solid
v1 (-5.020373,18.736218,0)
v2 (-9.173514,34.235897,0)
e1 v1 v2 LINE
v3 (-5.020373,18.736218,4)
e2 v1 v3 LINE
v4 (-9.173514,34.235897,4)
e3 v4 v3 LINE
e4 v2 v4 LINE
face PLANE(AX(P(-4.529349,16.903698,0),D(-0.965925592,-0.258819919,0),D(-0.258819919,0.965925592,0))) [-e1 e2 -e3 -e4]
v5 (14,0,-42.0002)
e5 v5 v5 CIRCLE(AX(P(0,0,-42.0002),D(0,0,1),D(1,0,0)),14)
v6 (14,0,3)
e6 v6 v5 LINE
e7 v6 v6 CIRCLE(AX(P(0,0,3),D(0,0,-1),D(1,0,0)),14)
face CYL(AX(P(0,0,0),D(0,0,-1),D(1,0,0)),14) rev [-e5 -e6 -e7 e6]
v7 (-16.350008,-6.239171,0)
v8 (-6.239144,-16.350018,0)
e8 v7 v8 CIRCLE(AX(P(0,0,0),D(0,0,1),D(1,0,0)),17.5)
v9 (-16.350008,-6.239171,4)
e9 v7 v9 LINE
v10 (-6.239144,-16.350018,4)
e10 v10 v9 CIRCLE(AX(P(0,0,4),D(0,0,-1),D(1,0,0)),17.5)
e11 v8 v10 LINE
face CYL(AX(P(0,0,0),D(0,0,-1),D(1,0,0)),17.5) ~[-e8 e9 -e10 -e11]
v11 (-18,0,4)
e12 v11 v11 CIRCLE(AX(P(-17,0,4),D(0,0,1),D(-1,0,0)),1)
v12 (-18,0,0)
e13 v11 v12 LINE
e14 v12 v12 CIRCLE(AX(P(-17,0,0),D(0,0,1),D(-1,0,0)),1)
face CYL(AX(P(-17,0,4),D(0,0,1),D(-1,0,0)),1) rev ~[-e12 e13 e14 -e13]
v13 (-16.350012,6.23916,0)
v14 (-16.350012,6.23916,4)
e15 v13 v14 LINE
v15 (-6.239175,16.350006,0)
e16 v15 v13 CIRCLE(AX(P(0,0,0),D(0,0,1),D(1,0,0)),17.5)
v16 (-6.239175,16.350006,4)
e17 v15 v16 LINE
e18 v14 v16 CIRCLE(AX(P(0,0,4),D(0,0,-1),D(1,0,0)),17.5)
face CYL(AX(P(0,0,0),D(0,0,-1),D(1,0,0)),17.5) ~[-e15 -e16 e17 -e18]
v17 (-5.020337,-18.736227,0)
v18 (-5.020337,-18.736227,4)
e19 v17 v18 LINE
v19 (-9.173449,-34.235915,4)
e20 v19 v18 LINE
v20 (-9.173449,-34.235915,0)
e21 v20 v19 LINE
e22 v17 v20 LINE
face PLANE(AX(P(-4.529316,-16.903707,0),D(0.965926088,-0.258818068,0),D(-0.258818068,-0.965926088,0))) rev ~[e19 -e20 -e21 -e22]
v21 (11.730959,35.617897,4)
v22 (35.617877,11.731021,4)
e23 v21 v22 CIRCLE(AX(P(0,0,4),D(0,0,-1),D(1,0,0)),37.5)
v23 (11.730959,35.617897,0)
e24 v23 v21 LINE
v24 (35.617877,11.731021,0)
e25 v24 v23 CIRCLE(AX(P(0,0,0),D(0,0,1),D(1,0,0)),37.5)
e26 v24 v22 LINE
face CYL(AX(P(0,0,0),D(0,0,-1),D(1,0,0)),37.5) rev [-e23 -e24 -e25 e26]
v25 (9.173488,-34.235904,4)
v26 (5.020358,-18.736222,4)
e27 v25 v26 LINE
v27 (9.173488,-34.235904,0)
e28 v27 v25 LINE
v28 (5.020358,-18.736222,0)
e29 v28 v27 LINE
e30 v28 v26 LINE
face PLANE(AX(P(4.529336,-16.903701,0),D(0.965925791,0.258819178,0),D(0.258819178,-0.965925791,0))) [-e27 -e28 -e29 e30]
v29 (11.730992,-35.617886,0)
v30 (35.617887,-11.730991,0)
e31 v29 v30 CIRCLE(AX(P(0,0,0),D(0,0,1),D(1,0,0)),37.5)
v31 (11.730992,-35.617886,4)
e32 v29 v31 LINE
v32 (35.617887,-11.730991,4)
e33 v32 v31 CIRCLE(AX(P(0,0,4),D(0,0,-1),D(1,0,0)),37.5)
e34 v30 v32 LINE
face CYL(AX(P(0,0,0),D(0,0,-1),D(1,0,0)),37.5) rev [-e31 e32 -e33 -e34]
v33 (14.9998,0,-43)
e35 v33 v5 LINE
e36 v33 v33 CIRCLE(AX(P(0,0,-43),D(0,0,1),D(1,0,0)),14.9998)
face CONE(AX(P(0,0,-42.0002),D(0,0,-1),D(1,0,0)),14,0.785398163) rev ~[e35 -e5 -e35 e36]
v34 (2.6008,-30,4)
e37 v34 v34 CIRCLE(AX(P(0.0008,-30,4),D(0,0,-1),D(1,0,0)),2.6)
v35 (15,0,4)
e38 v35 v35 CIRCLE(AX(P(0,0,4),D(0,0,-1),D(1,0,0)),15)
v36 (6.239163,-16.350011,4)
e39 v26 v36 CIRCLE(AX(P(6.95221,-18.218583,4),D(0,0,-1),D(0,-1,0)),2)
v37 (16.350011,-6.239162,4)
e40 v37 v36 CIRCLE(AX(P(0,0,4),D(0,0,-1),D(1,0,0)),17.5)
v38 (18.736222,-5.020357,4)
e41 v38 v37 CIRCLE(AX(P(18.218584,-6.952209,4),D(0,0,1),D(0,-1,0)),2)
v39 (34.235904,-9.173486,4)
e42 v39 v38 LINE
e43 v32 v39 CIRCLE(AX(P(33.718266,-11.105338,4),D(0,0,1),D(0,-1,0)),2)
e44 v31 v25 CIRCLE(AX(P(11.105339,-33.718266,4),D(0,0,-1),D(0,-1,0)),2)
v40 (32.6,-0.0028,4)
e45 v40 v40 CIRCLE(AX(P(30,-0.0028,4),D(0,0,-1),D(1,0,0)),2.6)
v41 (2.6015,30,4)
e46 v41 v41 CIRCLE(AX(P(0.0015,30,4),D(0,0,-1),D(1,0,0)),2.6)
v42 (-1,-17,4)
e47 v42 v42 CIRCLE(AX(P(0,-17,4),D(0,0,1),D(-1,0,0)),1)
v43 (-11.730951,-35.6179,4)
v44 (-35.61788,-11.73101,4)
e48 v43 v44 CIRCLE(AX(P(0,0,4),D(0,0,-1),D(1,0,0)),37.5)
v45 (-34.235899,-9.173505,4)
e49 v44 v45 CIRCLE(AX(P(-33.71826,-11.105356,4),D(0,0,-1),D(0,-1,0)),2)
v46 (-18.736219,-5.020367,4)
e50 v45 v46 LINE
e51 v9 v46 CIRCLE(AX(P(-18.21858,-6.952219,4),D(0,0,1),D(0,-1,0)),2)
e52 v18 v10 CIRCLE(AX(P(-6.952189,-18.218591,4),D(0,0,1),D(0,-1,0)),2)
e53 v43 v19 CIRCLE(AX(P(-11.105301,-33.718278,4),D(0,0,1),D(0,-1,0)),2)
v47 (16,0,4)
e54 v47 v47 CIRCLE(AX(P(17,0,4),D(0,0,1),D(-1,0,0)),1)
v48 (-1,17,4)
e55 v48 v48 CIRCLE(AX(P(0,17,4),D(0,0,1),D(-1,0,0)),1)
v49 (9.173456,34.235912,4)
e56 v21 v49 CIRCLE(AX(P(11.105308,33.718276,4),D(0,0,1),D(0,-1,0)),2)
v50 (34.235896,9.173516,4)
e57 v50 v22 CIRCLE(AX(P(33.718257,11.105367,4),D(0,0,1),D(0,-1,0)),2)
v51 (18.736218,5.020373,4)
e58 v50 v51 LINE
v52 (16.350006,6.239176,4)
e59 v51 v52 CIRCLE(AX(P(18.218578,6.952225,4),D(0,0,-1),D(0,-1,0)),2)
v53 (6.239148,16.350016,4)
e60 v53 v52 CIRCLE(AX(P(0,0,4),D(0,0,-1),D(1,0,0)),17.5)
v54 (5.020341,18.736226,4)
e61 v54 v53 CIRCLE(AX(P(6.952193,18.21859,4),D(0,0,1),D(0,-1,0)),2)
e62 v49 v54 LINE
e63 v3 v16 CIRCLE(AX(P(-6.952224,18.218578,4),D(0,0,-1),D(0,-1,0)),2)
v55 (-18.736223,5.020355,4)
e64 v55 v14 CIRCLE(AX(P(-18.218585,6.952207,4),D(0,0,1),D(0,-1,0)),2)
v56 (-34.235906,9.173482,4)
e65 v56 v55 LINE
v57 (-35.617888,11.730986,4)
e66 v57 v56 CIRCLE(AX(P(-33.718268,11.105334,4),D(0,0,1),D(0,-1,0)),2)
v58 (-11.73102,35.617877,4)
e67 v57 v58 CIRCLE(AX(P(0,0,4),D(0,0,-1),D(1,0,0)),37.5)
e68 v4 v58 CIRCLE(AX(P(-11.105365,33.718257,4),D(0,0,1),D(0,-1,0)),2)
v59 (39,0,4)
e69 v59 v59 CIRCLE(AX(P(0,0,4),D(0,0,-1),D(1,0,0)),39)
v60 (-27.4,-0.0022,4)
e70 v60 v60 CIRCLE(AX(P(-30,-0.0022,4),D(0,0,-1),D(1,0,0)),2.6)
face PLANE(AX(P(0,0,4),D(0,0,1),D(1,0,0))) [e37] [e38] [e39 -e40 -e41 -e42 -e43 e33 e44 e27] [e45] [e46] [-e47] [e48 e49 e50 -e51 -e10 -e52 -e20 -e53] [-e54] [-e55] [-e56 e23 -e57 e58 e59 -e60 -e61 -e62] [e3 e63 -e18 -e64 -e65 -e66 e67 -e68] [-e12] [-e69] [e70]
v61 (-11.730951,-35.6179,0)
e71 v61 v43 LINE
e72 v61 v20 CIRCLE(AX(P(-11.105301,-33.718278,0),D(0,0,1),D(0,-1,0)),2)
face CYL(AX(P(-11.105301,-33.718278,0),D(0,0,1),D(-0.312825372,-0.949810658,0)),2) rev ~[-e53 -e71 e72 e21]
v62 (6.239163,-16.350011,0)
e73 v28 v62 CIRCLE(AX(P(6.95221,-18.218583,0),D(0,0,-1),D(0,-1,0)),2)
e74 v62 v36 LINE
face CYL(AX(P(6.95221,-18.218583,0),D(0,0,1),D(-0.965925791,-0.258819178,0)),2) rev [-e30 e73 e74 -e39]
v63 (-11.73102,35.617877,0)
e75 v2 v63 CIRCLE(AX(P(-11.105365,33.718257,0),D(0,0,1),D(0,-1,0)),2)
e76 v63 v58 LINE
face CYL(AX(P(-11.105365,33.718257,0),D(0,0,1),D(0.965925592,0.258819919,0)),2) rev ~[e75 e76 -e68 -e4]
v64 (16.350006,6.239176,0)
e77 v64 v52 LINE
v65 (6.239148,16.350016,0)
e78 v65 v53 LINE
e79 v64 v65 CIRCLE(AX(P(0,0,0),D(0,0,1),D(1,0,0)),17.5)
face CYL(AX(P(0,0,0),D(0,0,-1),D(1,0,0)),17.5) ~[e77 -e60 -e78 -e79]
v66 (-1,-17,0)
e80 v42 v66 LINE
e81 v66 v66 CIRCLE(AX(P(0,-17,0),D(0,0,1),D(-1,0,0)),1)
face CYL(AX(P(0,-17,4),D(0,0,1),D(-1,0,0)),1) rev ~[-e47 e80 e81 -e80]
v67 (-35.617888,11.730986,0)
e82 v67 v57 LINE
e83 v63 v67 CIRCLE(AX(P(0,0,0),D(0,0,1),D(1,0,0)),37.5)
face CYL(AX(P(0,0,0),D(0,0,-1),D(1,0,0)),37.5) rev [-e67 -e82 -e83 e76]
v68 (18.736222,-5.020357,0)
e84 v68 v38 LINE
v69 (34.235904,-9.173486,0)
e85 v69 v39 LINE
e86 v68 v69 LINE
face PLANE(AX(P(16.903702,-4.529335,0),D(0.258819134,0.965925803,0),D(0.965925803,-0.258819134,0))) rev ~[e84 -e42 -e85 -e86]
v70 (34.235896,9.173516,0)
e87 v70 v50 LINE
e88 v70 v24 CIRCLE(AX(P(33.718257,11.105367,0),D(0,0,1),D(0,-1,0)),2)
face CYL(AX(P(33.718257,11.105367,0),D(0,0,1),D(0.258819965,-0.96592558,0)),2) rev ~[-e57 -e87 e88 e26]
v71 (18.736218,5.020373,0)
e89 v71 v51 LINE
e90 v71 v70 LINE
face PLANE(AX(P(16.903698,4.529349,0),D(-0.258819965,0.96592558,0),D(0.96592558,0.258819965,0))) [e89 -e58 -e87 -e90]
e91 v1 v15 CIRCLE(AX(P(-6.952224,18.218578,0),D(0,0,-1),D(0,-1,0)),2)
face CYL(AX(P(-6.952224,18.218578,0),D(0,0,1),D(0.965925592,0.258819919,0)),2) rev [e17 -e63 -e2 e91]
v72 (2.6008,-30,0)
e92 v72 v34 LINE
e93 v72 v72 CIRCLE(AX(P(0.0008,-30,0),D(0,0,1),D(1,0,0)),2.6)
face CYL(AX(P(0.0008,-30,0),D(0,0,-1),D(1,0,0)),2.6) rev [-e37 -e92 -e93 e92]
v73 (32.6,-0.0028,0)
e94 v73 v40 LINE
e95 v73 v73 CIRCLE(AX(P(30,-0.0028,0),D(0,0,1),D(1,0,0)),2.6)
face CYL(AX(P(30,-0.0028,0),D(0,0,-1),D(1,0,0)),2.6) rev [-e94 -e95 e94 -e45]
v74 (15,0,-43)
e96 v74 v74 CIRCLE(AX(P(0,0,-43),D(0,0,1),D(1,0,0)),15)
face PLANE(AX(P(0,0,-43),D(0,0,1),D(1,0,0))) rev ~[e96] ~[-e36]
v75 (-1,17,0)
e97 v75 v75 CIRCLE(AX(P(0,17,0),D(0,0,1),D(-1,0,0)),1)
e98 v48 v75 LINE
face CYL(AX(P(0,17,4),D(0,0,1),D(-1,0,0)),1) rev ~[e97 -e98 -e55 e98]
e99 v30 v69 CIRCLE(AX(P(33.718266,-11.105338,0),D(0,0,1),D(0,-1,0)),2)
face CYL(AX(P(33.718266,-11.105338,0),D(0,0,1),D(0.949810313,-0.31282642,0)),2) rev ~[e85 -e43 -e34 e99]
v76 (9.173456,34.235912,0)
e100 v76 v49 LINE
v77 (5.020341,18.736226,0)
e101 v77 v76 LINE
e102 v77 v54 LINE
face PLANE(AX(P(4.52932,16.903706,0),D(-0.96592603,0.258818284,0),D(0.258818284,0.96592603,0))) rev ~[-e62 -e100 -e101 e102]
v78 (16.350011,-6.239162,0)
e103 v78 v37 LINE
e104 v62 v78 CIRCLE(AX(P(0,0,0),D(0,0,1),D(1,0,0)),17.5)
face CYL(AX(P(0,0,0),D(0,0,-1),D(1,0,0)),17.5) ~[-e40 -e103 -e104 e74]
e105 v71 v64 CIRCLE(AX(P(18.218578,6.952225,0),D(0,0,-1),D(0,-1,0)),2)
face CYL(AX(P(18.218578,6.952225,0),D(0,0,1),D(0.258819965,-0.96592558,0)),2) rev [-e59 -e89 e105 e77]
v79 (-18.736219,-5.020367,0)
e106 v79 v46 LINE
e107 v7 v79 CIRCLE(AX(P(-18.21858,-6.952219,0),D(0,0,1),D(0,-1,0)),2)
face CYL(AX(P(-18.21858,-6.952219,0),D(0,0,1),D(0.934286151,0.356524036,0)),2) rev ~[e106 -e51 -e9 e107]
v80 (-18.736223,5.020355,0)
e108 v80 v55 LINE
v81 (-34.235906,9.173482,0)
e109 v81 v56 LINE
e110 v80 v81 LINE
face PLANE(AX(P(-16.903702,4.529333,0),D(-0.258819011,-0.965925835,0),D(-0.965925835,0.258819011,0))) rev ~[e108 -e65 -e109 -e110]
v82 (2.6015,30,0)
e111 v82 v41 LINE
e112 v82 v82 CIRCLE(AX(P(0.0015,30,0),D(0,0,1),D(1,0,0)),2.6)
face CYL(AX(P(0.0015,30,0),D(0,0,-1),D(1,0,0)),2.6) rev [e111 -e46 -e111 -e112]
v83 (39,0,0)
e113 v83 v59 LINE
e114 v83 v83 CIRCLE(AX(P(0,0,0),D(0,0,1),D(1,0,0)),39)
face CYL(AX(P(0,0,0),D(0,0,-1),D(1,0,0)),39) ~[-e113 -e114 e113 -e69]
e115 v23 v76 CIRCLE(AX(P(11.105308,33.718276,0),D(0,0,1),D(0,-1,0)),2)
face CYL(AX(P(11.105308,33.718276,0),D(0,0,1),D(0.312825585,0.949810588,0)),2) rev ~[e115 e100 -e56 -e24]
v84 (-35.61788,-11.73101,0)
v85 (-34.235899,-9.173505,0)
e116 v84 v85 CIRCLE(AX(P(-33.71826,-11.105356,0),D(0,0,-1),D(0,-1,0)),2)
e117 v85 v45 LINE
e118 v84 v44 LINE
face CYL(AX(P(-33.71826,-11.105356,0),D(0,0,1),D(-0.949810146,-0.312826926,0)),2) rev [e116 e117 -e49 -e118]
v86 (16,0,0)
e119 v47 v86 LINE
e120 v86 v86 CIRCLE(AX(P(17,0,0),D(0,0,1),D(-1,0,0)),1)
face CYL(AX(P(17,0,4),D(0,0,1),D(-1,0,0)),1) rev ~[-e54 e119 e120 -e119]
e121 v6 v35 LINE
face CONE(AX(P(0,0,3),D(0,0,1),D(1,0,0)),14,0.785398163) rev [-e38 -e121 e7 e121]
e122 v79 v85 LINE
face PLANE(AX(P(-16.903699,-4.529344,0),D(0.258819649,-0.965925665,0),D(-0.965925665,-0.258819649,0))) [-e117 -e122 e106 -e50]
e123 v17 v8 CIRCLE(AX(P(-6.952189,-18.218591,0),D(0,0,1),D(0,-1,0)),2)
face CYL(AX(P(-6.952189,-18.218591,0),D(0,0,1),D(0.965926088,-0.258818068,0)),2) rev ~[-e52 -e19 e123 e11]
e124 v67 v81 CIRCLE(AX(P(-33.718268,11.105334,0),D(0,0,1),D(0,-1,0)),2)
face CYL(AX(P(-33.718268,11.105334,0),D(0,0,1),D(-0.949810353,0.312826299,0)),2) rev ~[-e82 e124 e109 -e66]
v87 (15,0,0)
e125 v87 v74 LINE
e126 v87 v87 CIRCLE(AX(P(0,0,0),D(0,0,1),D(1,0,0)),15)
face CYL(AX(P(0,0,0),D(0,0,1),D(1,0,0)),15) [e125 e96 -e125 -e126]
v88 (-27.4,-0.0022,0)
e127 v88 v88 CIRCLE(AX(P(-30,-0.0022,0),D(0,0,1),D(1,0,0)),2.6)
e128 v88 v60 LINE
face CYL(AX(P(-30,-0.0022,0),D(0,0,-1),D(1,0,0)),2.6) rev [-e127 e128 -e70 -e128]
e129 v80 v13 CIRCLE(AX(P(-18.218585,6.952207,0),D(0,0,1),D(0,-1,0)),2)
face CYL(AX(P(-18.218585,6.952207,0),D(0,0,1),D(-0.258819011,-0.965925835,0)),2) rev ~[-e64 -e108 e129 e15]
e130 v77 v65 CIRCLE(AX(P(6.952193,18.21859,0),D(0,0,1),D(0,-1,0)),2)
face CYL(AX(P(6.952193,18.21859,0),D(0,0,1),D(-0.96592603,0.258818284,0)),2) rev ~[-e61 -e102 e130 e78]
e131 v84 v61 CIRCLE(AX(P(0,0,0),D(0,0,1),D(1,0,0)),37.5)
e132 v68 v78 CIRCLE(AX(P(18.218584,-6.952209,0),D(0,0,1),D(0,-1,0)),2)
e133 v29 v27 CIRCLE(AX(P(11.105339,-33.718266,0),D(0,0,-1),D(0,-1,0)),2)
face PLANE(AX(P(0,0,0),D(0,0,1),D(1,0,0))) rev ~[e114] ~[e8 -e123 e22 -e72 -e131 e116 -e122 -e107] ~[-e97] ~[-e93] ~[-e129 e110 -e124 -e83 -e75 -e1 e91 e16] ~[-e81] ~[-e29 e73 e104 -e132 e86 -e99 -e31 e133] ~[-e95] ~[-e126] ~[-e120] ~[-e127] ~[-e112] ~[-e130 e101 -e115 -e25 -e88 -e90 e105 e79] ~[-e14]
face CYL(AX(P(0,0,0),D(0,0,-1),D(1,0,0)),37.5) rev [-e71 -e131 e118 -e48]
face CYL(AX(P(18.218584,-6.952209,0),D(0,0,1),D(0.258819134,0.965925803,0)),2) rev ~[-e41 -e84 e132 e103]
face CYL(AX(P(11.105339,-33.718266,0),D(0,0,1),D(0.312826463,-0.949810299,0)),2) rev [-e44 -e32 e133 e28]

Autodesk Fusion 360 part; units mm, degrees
sketch "Sketch1" plane through (0, 0, 0) normal (0, 0, 1) x (1, 0, 0)
  circle A0 centre (0, 0) radius 39
  circle A1 centre (0, 0) radius 14
  circle A2 centre (0, 0) radius 17 construction
  circle A3 centre (0, 0) radius 17.5
  circle A4 centre (0, 0) radius 37.5
  line L0 (0, 0) -> (-11.368, 42.4258)
  line L1 (0, 0) -> (43.9224, 0) construction
  line L2 (0, 0) -> (10.4937, -39.163)
  line L3 (0, 0) -> (40.5446, 0) construction
  line L4 (0, 0) -> (-10.0939, -37.6711)
  line L5 (0, 0) -> (39, 0) construction
  line L6 (0, 0) -> (15.1457, 56.5247)
  line L7 (0, 0) -> (58.5186, 0) construction
  line L8 (0, 0) -> (-54.6126, 14.6334)
  line L9 (0, 0) -> (56.5391, 0) construction
  line L10 (0, 0) -> (51.9352, -13.916)
  line L11 (0, 0) -> (53.7673, 0) construction
  line L12 (0, 0) -> (-45.8179, -12.2769)
  line L13 (0, 0) -> (47.4342, 0) construction
  line L14 (0, 0) -> (50.4228, 13.5108)
  line L15 (0, 0) -> (52.2015, 0) construction
  dimension "d1" = 78
  dimension "d2" = 28
  dimension "d3" = 34
  dimension "d32" = 35
  dimension "d33" = 75
  dimension "d34" = 105
  dimension "d35" = 75
  dimension "d36" = 105
  dimension "d37" = 75
  dimension "d38" = 165
  dimension "d39" = 15
  dimension "d40" = 165
  dimension "d41" = 15
extrude "Extrude1" add sketch "Sketch1" along normal blind 4 contours A0 A4 L10 L14 | A0 A4 L6 L14 | A0 A4 L2 L10 | A0 A4 L0 L6 | A3 A4 L6 L14 | A3 A4 L10 L14 | A0 A4 L2 L4 | A3 A4 L2 L10 | A0 A4 L0 L8 | A3 A4 L0 L6 | A1 A3 L6 L14 | A1 A3 L10 L14 | A0 A4 L4 L12 | A3 A4 L2 L4 | A1 A3 L2 L10 | A0 A4 L8 L12 | A3 A4 L0 L8 | A1 A3 L0 L6 | A3 A4 L4 L12 | A1 A3 L2 L4 | A3 A4 L8 L12 | A1 A3 L0 L8 | A1 A3 L4 L12 | A1 A3 L8 L12
sketch "Sketch2" plane through (0, 0, 4) normal (0, 0, 1) x (-1, 0, 0)
  circle A0 centre (0, 0) radius 14
  circle A1 centre (0, 0) radius 39
  line L0 (37, 0) -> (-50, 0) construction
  line L1 (0, -40) -> (0, 43.9283) construction
  circle A2 centre (17, 0) radius 1
  circle A3 centre (0, 17) radius 1
  circle A4 centre (-17, 0) radius 1
  circle A5 centre (0, -17) radius 1
  dimension "d6" = 83.9283
  dimension "d7" = 2
  dimension "d8" = 2
  dimension "d9" = 2
  dimension "d10" = 2
extrude "Extrude2" cut sketch "Sketch2" against normal blind 5 contours A2 | A3 | A4 | A5
sketch "Sketch3" plane through (0, 0, 0) normal (0, 0, 1) x (1, 0, 0)
  circle A0 centre (0, 0) radius 30 construction
  circle A1 centre (30, -0.0028) radius 2.6
  circle A2 centre (0.0015, 30) radius 2.6
  circle A3 centre (-30, -0.0022) radius 2.6
  circle A4 centre (0.0008, -30) radius 2.6
  dimension "d13" = 60
  dimension "d14" = 5.2
  dimension "d15" = 5.2
  dimension "d16" = 5.2
  dimension "d17" = 5.2
extrude "Extrude3" cut sketch "Sketch3" along normal blind 5
sketch "Sketch4" plane through (0, 0, 0) normal (0, 0, 1) x (1, 0, 0)
  circle A0 centre (0, 0) radius 15
  circle A1 centre (0, 0) radius 14
  dimension "d20" = 30
  dimension "d21" = 28
extrude "Extrude4" add sketch "Sketch4" against normal blind 43
extrude "Extrude6" cut sketch "Sketch1" along normal blind 5 contours A3 A4 L6 L14 | A3 A4 L2 L10 | A3 A4 L0 L8 | A3 A4 L4 L12
fillet "Fillet3" radius 2 15 edges at (-9.7057, -36.2222, 2) (9.7057, -36.2222, 2) (-36.2222, -9.7057, 2) (-16.9037, -4.5293, 2) (-4.5293, -16.9037, 2) (-16.9037, 4.5293, 2) (-36.2222, 9.7057, 2) (16.9037, -4.5293, 2) (36.2222, -9.7057, 2) (-9.7057, 36.2222, 2) (-4.5293, 16.9037, 2) (36.2222, 9.7057, 2) (16.9037, 4.5293, 2) (9.7057, 36.2222, 2) (4.5293, 16.9037, 2)
fillet "Fillet4" radius 2 1 edges at (4.5293, -16.9037, 2)
chamfer "Chamfer1" distance 1 angle 45 1 edges at (-13.0526, -5.0626, -43)
chamfer "Chamfer2" distance 1 angle 45 1 edges at (-13.0526, 5.0626, 4)
